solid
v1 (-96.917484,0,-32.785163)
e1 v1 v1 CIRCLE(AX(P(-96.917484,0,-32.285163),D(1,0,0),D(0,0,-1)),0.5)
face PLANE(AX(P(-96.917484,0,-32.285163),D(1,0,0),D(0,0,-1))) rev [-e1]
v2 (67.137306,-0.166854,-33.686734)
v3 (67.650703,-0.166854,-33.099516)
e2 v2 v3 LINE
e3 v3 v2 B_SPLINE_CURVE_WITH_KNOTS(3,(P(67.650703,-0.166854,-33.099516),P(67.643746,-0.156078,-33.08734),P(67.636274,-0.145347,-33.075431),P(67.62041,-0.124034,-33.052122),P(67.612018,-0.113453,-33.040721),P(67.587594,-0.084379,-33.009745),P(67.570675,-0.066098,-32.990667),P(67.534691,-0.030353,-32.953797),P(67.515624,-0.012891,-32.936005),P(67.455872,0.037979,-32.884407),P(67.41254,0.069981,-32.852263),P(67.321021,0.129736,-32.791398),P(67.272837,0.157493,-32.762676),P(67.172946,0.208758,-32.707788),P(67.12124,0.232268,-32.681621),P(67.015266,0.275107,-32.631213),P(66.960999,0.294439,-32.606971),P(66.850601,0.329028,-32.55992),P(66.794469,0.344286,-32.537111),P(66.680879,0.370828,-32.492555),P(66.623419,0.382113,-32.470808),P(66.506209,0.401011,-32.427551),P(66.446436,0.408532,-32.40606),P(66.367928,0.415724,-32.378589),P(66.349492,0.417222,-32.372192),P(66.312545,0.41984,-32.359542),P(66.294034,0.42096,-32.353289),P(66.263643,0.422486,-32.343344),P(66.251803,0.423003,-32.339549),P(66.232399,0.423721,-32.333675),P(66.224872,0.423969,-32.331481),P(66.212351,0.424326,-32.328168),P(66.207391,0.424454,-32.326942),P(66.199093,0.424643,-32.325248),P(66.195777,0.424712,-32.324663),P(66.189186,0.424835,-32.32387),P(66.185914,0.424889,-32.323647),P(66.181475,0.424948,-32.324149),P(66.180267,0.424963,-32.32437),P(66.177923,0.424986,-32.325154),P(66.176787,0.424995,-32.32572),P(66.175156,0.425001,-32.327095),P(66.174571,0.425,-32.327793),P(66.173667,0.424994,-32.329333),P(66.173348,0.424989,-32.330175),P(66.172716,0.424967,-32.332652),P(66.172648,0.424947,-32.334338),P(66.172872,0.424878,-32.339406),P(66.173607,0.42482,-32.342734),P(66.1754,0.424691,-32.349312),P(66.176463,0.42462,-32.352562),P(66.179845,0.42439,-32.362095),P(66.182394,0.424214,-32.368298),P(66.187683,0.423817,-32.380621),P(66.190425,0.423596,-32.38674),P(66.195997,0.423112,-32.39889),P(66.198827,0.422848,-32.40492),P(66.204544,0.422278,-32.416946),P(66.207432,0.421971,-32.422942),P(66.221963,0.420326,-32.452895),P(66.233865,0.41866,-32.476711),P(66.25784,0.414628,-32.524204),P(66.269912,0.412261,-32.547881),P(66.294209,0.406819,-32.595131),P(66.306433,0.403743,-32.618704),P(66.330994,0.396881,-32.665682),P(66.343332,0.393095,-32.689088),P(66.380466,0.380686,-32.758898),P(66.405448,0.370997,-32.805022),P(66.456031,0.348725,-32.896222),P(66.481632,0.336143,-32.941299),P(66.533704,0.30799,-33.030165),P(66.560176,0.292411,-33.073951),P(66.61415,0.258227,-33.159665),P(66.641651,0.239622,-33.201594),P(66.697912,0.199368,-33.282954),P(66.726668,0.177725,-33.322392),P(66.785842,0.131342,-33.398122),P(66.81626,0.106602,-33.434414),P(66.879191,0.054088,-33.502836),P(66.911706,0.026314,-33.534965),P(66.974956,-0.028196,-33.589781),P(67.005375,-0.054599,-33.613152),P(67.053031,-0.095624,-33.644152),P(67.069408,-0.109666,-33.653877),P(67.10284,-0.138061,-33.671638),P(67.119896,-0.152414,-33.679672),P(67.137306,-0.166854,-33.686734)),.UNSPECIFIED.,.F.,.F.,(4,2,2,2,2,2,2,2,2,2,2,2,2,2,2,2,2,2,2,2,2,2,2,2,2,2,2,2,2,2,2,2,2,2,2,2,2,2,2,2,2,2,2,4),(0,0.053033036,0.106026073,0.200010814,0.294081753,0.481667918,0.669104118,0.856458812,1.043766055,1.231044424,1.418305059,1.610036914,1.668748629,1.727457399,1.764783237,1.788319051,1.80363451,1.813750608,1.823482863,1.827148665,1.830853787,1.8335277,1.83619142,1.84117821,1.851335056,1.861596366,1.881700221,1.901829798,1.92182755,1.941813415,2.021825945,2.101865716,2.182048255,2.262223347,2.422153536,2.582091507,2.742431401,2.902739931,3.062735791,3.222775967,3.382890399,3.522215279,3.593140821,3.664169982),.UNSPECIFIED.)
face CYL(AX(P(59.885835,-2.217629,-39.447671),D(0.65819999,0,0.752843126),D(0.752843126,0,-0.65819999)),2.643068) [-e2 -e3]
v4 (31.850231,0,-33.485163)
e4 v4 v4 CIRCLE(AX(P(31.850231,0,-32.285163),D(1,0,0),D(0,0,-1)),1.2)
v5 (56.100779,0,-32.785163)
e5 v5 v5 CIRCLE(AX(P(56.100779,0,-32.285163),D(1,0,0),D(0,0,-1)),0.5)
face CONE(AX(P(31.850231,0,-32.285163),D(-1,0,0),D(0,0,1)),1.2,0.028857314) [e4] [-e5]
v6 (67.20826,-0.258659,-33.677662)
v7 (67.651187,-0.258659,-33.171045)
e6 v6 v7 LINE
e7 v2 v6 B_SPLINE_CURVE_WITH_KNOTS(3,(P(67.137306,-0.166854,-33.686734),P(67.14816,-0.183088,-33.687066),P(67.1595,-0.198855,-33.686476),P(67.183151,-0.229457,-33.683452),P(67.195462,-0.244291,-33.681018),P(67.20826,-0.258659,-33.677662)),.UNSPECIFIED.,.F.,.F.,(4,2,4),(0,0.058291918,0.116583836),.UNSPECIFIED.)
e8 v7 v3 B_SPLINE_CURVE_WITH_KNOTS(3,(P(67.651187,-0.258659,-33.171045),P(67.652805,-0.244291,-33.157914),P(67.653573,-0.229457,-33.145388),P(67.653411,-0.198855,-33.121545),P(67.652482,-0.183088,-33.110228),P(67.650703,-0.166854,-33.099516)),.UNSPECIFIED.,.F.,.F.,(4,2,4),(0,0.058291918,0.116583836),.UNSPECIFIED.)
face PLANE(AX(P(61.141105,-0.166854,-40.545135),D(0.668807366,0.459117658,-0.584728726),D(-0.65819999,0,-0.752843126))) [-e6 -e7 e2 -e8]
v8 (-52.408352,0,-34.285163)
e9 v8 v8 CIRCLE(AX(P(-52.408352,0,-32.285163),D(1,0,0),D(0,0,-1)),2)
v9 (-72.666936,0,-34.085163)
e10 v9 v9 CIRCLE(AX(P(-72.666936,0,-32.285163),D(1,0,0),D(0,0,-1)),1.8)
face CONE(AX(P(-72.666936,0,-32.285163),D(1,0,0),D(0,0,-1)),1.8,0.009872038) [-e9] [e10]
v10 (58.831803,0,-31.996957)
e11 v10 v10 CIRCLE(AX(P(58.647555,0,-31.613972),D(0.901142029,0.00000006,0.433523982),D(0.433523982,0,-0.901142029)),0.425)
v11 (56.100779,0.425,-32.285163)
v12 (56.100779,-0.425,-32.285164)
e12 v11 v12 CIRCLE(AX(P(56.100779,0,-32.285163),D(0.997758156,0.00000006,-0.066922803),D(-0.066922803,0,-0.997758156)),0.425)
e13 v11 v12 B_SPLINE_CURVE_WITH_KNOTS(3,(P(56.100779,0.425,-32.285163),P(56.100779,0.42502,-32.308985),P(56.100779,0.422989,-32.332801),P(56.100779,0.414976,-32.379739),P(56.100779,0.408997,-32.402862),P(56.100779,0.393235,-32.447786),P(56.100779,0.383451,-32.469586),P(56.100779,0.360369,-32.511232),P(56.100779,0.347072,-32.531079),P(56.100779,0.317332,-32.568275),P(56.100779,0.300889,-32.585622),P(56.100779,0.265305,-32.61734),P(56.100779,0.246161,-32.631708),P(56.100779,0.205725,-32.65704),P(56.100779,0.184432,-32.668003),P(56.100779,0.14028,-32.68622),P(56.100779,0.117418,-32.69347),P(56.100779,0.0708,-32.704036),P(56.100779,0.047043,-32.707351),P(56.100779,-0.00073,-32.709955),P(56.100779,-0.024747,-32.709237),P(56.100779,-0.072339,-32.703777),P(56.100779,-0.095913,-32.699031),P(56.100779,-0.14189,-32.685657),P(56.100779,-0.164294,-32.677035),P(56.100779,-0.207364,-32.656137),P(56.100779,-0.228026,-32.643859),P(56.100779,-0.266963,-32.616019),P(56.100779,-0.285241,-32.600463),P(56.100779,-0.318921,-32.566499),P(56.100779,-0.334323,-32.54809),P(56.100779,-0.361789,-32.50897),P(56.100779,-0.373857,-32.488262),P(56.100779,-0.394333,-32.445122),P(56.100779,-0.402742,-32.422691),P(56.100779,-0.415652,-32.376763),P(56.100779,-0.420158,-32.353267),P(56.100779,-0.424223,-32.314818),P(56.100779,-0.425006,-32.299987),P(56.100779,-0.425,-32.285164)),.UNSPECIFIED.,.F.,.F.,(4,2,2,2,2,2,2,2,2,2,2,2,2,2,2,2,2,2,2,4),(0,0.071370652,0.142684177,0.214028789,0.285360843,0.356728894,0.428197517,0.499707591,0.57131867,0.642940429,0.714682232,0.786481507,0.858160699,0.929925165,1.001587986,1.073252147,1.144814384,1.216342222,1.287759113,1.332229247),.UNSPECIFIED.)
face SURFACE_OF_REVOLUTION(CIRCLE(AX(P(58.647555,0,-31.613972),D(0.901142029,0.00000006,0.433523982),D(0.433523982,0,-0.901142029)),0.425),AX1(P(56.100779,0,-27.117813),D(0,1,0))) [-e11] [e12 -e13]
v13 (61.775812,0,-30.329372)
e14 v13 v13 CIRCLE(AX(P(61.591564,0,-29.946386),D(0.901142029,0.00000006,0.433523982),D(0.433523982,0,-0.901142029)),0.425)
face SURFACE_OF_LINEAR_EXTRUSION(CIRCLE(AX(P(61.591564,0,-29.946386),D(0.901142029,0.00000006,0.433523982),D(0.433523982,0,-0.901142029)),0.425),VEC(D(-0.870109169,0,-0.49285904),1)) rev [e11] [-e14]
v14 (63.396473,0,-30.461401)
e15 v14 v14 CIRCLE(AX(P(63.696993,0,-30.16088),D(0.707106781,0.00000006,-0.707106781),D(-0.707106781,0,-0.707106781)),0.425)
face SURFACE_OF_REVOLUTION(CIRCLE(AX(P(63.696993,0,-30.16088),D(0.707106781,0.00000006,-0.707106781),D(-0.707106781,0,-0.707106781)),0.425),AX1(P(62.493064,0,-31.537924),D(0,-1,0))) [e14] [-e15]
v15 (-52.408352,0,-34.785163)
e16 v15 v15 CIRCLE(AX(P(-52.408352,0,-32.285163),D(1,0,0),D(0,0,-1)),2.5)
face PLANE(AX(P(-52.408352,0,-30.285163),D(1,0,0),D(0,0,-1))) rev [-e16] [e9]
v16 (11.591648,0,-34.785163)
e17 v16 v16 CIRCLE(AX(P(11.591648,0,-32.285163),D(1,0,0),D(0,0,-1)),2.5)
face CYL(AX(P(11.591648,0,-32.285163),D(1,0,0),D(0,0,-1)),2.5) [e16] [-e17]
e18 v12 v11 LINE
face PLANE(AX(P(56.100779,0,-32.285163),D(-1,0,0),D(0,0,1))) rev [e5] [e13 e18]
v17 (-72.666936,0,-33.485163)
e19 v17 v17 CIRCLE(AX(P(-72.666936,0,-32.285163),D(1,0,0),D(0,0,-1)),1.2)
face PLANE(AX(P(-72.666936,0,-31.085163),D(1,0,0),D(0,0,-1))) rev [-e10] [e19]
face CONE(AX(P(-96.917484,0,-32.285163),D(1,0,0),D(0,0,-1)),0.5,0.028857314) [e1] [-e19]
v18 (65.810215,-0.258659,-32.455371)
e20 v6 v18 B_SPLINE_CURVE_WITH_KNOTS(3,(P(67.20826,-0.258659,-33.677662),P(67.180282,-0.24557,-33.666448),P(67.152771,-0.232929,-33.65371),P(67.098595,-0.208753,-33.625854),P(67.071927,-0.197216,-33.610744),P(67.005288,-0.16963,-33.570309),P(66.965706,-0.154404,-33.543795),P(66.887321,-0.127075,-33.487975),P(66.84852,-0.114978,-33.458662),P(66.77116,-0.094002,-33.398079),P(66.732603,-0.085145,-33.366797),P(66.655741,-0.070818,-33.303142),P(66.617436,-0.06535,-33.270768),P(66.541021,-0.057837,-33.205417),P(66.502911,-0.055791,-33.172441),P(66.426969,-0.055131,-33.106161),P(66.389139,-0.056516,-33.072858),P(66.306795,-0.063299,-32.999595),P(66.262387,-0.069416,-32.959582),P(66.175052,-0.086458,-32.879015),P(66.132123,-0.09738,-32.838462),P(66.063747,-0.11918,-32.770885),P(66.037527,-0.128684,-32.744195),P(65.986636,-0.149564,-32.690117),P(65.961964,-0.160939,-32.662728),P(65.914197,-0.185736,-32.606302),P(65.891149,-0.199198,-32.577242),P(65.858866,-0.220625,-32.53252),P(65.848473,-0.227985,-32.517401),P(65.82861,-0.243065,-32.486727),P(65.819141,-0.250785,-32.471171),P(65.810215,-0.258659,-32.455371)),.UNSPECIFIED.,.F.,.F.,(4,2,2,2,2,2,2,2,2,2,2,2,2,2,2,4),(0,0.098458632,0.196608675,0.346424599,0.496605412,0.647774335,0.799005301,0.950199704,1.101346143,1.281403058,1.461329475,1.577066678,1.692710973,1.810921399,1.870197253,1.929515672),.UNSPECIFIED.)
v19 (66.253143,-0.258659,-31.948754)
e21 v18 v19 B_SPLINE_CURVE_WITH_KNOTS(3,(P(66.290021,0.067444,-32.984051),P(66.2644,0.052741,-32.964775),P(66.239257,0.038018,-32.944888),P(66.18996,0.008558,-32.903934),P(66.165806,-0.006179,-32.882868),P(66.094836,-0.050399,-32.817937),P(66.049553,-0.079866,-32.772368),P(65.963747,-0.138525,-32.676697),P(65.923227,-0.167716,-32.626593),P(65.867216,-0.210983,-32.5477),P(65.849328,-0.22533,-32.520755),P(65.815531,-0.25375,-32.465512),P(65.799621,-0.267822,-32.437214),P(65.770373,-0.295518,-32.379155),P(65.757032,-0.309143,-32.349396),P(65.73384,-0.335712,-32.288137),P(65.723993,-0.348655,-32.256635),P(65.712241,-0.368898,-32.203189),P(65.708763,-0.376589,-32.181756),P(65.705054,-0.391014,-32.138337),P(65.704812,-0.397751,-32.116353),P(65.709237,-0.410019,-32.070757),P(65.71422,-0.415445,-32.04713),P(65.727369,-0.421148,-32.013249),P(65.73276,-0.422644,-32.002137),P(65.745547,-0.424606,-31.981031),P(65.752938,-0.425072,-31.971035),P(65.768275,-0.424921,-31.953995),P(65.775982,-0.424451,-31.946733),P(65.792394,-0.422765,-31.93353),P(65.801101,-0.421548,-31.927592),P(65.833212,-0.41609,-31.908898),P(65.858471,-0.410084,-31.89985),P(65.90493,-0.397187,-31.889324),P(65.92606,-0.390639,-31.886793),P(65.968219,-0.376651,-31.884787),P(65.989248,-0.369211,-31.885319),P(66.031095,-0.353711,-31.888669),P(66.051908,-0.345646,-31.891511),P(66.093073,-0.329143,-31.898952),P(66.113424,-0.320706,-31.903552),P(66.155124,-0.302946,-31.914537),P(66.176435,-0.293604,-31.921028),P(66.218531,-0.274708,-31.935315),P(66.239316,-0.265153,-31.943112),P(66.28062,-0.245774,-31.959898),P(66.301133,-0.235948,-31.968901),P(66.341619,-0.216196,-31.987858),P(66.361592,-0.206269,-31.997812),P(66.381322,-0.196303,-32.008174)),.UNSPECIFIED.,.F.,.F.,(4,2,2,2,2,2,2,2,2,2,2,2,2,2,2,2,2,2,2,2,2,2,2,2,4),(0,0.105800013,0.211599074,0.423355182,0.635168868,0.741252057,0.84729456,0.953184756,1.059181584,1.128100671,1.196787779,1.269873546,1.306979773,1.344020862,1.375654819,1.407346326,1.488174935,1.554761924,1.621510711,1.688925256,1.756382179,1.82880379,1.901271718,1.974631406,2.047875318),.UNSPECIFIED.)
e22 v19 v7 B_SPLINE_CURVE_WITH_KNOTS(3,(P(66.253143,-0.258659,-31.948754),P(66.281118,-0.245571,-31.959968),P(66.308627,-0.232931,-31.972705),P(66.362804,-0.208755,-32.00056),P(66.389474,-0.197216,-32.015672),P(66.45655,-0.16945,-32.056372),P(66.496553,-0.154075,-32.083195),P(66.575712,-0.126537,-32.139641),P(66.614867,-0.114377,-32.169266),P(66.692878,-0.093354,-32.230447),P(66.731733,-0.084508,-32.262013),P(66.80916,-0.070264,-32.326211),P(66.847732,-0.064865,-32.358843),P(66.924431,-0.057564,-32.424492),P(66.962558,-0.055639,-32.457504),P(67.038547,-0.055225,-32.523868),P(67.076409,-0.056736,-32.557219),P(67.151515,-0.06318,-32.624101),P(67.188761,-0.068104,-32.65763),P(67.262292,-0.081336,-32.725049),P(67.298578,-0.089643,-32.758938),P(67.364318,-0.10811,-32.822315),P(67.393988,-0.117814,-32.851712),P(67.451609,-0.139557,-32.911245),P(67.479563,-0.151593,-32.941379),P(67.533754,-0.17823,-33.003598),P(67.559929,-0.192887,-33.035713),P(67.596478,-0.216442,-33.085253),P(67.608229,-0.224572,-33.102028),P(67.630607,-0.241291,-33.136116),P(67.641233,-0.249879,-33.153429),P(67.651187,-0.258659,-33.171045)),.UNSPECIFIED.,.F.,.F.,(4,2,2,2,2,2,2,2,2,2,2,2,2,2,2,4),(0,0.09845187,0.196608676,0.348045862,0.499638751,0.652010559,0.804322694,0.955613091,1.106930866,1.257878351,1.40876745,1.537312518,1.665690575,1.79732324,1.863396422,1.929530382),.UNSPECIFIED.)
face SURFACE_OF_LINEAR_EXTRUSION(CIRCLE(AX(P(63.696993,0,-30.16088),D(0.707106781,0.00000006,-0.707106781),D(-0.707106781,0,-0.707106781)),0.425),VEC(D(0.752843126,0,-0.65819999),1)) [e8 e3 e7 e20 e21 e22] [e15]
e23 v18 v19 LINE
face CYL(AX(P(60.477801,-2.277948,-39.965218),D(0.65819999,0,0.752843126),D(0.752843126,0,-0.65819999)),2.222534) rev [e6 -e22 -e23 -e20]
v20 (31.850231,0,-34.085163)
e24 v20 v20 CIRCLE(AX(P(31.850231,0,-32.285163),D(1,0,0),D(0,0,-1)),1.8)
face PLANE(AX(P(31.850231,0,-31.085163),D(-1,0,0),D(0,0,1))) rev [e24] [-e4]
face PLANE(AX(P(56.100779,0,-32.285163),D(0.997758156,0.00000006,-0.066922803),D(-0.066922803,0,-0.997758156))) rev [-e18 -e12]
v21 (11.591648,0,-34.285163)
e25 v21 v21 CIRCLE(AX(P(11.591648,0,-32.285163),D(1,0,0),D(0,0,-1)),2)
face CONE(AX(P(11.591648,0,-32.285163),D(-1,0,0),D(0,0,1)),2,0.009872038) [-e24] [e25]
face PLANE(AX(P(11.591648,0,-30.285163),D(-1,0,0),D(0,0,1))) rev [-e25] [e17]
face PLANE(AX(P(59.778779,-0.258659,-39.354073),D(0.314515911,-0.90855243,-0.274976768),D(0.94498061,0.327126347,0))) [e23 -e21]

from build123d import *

# Parameters (mm, degrees)
SKETCH2_R          = 0.425
CUT_EXTRUDE2_DEPTH = 10


with BuildPart() as part:
    # Sweep4: sweep along a path in Sketch4
    with BuildLine(Plane(origin=(0, 0, 0), x_dir=(1, 0, 0), z_dir=(0, 1, 0))) as sweep4_path:
        Line((67.536722789, 33.517901337), (63.696993057, 30.160880485))
        ThreePointArc((63.696993057, 30.160880485), (62.67844941, 29.718218887), (61.591563938, 29.94638641))
        Line((61.591563938, 29.94638641), (58.647554869, 31.613971966))
        ThreePointArc((58.647554869, 31.613971966), (57.417647247, 32.11454889), (56.100779486, 32.285163408))
    # Sketch2 → Sweep4 (sweep)
    with BuildSketch(Plane(origin=(50.527312063, 4.259e-06, -50.527312063), x_dir=(0.707106781, 0, 0.707106781), z_dir=(0.707106781, 6e-08, -0.707106781))):
        with Locations((24.054939337, 4.259e-06)):
            Circle(SKETCH2_R)
    sweep(path=sweep4_path.line)

    # Sketch6 → Revolve1 (revolve)
    with BuildSketch(Plane(origin=(0, 0, 0), x_dir=(1, 0, 0), z_dir=(0, 1, 0))):
        Polygon((56.100779486, 32.285163408), (31.850231497, 32.285163408), (11.591647887, 32.285163408), (-52.408352113, 32.285163408), (-72.666935722, 32.285163408), (-96.917483711, 32.285163408), (-96.917483711, 31.785163408), (-72.666935722, 31.085163408), (-72.666935722, 30.485163408), (-52.408352113, 30.285163408), (-52.408352113, 29.785163408), (11.591647887, 29.785163408), (11.591647887, 30.285163408), (31.850231497, 30.485163408), (31.850231497, 31.085163408), (56.100779486, 31.785163408), align=None)
    revolve(axis=Axis((11.591647887, 0, -32.285163408), (-1, 0, 0)))

    # Sketch7 → Cut-Extrude2 (cut)
    with BuildSketch(Plane(origin=(12.979011819, 0, 14.845274956), x_dir=(-0.752843126, 0, 0.65819999), z_dir=(-0.65819999, 0, -0.752843126))):
        with BuildLine():
            Line((-70.90689286, -0.258658753), (-70.424884302, -0.480296071))
            Line((-70.424884302, -0.480296071), (-73.177134487, -0.809094289))
            Line((-73.177134487, -0.809094289), (-73.643040117, 0.425))
            Line((-73.643040117, 0.425), (-71.097248445, 0.425))
            ThreePointArc((-71.097248445, 0.425), (-71.956470511, 0.264804948), (-72.71646768, -0.166853846))
            Line((-72.71646768, -0.166853846), (-72.763912994, -0.258658753))
            ThreePointArc((-72.763912994, -0.258658753), (-71.835402927, -0.055413386), (-70.90689286, -0.258658753))
        make_face()
    extrude(amount=CUT_EXTRUDE2_DEPTH, mode=Mode.SUBTRACT)


solid = part.part
